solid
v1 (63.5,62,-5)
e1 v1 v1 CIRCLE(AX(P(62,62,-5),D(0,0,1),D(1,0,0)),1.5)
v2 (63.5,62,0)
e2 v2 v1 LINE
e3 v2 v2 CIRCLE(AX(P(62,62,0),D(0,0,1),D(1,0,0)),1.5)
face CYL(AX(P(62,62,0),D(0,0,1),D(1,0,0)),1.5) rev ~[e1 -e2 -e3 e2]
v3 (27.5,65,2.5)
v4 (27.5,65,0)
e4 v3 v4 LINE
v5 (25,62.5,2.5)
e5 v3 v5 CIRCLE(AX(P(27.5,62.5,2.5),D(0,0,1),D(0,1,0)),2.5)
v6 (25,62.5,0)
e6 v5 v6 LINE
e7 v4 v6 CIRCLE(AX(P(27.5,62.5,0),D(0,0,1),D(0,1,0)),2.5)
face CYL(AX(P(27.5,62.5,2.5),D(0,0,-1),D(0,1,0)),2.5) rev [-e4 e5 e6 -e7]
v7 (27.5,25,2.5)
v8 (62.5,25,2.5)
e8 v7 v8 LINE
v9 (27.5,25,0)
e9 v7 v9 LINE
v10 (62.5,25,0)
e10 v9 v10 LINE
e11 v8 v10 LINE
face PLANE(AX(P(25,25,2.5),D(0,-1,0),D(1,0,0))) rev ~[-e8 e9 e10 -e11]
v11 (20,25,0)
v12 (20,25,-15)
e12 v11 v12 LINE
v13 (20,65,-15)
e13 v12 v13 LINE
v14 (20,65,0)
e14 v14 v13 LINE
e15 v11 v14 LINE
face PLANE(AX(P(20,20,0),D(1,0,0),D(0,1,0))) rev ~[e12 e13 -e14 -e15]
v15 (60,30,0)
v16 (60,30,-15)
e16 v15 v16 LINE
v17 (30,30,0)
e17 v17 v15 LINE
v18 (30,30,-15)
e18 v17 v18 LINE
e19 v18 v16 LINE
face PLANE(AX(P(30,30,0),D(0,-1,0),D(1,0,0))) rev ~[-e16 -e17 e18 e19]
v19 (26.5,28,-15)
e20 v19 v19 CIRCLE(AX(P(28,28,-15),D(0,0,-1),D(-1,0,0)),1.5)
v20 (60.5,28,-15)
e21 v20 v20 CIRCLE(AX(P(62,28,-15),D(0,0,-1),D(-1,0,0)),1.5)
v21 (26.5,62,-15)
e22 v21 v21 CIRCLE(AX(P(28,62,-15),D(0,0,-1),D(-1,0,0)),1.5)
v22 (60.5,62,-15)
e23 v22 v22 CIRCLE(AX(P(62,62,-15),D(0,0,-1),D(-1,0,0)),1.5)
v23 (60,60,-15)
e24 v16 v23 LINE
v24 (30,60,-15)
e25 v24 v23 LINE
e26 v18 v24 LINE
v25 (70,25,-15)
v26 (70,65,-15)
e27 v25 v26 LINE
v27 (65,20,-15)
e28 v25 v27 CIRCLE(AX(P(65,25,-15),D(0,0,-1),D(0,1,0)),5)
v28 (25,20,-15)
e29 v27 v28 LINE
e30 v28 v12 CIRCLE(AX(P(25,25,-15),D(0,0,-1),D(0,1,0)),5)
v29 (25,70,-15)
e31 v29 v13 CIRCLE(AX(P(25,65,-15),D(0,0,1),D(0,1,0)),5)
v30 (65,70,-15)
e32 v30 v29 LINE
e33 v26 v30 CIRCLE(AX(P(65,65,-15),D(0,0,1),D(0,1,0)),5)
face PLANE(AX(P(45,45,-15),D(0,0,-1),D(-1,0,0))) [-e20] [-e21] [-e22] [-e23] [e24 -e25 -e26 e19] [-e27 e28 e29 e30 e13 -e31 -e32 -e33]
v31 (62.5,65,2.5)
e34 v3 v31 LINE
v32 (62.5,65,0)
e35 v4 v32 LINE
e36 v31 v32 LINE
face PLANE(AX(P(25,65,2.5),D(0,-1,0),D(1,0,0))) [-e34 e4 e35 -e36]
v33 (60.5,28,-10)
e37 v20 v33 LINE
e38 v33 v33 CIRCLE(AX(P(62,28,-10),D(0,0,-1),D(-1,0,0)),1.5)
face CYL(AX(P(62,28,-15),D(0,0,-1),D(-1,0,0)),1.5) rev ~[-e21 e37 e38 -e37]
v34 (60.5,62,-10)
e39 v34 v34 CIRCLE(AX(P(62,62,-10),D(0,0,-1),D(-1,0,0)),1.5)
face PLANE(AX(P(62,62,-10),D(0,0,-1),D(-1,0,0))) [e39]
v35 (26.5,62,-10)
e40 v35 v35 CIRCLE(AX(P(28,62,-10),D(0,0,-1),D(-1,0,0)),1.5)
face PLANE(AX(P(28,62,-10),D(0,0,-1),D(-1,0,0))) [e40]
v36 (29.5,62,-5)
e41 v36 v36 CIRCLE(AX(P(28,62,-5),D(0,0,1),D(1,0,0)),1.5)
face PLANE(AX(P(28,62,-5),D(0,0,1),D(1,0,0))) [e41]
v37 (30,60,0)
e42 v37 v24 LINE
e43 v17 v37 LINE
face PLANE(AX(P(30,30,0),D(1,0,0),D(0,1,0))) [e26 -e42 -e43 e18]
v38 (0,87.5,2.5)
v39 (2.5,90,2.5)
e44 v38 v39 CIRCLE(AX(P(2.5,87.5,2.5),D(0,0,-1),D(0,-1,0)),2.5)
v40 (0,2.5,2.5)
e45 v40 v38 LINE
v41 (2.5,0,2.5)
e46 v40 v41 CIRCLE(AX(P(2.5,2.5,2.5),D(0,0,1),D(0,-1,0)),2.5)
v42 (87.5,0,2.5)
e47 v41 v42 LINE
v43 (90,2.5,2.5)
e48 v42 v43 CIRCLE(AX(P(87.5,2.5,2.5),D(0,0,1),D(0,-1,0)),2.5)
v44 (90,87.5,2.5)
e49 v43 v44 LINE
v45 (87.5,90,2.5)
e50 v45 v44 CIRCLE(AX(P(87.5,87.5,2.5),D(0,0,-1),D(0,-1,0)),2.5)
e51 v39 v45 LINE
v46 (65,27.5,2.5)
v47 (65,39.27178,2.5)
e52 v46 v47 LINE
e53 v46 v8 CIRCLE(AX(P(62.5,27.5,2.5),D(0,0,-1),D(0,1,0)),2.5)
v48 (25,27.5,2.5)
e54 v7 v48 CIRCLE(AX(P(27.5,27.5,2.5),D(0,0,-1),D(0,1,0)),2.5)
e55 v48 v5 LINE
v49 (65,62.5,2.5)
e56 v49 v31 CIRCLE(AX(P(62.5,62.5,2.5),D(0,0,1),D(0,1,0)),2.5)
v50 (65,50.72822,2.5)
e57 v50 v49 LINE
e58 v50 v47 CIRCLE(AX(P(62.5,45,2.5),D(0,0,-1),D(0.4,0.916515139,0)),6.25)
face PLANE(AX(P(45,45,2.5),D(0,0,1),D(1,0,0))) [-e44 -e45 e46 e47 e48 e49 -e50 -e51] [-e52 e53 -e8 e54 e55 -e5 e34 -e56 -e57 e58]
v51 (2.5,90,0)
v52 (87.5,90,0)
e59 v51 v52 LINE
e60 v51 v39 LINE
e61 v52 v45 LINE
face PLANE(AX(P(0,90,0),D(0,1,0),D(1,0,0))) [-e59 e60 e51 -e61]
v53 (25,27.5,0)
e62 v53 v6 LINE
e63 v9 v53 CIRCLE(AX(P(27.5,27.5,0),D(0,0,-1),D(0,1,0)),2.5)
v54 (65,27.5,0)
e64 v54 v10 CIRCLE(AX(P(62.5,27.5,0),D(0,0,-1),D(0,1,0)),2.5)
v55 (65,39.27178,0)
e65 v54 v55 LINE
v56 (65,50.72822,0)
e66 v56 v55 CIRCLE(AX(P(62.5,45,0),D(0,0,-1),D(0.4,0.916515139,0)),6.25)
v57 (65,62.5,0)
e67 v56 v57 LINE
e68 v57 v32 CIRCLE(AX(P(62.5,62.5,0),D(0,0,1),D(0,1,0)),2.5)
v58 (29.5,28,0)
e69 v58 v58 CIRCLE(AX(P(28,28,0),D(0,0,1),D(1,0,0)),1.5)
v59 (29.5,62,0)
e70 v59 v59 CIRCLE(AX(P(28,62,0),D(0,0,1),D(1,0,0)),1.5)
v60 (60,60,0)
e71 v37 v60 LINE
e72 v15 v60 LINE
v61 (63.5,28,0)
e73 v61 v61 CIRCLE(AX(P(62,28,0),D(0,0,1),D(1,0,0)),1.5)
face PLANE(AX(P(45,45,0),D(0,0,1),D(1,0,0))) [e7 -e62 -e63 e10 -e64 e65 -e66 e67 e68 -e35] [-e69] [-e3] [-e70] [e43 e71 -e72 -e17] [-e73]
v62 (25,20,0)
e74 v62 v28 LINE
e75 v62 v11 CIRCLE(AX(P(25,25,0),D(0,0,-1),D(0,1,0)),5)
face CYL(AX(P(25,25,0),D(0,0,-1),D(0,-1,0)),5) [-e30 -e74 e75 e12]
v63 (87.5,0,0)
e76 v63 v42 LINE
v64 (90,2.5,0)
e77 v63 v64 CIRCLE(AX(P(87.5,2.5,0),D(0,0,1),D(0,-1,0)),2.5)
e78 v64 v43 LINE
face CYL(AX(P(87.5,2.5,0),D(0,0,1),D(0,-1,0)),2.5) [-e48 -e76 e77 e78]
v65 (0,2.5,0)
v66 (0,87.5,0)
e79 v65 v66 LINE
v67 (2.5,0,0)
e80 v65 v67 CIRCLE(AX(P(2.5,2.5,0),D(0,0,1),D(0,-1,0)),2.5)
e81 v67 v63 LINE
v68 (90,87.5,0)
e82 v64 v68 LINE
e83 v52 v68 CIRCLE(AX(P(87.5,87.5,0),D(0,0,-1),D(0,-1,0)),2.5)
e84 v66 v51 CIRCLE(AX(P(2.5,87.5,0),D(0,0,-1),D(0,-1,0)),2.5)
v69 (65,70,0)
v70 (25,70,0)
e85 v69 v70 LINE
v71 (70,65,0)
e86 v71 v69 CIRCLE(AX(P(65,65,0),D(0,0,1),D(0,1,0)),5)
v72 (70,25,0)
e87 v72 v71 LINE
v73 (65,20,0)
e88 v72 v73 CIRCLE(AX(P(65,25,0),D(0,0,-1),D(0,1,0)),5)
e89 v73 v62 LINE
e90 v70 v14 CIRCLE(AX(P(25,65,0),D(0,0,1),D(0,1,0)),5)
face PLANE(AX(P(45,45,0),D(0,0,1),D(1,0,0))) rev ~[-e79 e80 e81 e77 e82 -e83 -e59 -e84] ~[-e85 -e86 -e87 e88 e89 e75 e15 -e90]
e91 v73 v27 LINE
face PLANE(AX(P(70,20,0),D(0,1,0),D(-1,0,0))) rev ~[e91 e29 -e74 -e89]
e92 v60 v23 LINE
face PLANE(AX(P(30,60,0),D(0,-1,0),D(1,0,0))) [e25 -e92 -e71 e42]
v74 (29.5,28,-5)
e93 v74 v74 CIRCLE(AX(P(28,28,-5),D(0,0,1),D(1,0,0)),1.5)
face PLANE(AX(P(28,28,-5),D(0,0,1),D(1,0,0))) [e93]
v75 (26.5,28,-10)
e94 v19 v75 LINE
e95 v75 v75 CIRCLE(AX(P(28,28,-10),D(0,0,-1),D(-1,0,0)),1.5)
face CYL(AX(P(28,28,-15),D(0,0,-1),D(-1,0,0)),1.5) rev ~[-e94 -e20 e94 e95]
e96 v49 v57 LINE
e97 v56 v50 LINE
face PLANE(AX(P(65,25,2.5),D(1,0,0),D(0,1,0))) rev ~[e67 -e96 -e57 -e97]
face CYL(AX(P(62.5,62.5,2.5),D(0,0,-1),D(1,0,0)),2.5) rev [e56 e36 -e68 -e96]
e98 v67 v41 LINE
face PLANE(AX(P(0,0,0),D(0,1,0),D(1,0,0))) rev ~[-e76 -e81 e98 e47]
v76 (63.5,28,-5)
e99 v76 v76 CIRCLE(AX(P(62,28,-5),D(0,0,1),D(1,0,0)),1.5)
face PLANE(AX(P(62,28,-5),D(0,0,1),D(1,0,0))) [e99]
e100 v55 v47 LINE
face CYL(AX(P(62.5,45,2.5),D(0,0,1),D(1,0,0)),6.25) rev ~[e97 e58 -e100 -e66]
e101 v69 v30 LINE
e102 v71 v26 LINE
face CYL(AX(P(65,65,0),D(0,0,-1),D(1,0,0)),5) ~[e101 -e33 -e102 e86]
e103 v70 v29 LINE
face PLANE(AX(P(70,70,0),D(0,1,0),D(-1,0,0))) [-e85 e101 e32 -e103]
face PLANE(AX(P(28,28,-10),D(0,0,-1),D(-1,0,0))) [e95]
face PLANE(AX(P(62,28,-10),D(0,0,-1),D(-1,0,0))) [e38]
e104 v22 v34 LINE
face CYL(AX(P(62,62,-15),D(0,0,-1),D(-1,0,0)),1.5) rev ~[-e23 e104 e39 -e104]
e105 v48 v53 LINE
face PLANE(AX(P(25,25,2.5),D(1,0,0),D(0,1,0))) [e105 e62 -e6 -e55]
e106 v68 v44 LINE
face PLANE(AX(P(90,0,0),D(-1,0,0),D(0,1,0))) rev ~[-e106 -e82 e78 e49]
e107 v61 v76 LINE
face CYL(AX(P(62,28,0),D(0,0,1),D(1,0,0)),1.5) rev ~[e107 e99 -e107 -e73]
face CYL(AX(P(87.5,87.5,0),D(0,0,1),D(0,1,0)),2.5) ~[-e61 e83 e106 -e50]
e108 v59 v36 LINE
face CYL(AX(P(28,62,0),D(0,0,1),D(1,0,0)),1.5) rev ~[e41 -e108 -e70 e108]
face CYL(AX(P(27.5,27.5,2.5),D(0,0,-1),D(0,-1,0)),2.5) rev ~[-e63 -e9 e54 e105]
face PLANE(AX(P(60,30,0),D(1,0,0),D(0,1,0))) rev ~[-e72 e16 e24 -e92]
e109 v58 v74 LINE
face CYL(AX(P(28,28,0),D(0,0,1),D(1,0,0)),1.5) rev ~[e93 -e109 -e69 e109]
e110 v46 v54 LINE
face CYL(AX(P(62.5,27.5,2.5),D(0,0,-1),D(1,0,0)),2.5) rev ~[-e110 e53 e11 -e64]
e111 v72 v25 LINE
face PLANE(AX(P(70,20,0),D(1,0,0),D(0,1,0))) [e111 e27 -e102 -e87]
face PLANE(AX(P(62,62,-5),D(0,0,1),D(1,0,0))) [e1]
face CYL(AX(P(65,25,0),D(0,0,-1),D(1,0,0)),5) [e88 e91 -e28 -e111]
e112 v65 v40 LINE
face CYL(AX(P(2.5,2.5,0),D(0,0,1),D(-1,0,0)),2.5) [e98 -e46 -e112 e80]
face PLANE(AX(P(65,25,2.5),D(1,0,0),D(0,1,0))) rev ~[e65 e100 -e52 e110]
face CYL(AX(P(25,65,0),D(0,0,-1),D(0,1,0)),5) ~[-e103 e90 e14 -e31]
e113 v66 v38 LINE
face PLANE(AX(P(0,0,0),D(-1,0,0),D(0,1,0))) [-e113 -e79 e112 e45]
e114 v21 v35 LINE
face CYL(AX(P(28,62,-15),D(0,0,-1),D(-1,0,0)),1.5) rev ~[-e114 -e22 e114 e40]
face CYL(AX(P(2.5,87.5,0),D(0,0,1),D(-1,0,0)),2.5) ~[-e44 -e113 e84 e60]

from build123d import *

# Parameters (mm, degrees)
SKETCH1_W           = 90
SKETCH1_H           = 90
BOSS_EXTRUDE1_DEPTH = 2.5
SKETCH3_W           = 50
SKETCH3_H           = 50
BOSS_EXTRUDE4_DEPTH = 15
SKETCH2_W           = 40
SKETCH2_H           = 40
CUT_EXTRUDE4_DEPTH  = 2.5
SKETCH8_R           = 1.5
CUT_EXTRUDE6_DEPTH  = 5
FILLET1_R           = 2.5
FILLET2_R           = 2.5
FILLET3_R           = 2.5
SKETCH10_R          = 6.25
CUT_EXTRUDE12_DEPTH = 2.5
SKETCH11_W          = 30
SKETCH11_H          = 30
CUT_EXTRUDE13_DEPTH = 15
SKETCH12_R          = 1.5
CUT_EXTRUDE14_DEPTH = 5
FILLET4_R           = 5
FILLET5_R           = 5


with BuildPart() as part:
    # Sketch1 → Boss-Extrude1 (new body)
    with BuildSketch(Plane.XY):
        with Locations((45, 45)):
            Rectangle(SKETCH1_W, SKETCH1_H)
    extrude(amount=BOSS_EXTRUDE1_DEPTH)

    # Sketch3 → Boss-Extrude4 (add)
    with BuildSketch(Plane(origin=(0, 0, 0), x_dir=(-1, 0, 0), z_dir=(0, 0, -1))):
        with Locations((-45, 45)):
            Rectangle(SKETCH3_W, SKETCH3_H)
    extrude(amount=BOSS_EXTRUDE4_DEPTH)

    # Sketch2 → Cut-Extrude4 (cut)
    with BuildSketch(Plane.XY.offset(2.5)):
        with Locations((45, 45)):
            Rectangle(SKETCH2_W, SKETCH2_H)
    extrude(amount=-CUT_EXTRUDE4_DEPTH, mode=Mode.SUBTRACT)

    # Sketch8 → Cut-Extrude6 (cut)
    with BuildSketch(Plane.XY):
        with Locations((62, 62)):
            Circle(SKETCH8_R)
        with Locations((62, 28)):
            Circle(SKETCH8_R)
        with Locations((28, 62)):
            Circle(SKETCH8_R)
        with Locations((28, 28)):
            Circle(SKETCH8_R)
    extrude(amount=-CUT_EXTRUDE6_DEPTH, mode=Mode.SUBTRACT)

    # Fillet1
    fillet1_edges = [part.edges().sort_by_distance(p)[0] for p in [
        (0, 90, 1.25),
        (90, 90, 1.25),
        (90, 0, 1.25),
        (0, 0, 1.25),
    ]]
    fillet(fillet1_edges, radius=FILLET1_R)

    # Fillet2
    fillet2_edges = [part.edges().sort_by_distance(p)[0] for p in [
        (25, 65, 1.25),
        (65, 65, 1.25),
    ]]
    fillet(fillet2_edges, radius=FILLET2_R)

    # Fillet3
    fillet3_edges = [part.edges().sort_by_distance(p)[0] for p in [
        (25, 25, 1.25),
        (65, 25, 1.25),
    ]]
    fillet(fillet3_edges, radius=FILLET3_R)

    # Sketch10 → Cut-Extrude12 (cut)
    with BuildSketch(Plane.XY.offset(2.5)):
        with Locations((62.5, 45)):
            Circle(SKETCH10_R)
    extrude(amount=-CUT_EXTRUDE12_DEPTH, mode=Mode.SUBTRACT)

    # Sketch11 → Cut-Extrude13 (cut)
    with BuildSketch(Plane.XY):
        with Locations((45, 45)):
            Rectangle(SKETCH11_W, SKETCH11_H)
    extrude(amount=-CUT_EXTRUDE13_DEPTH, mode=Mode.SUBTRACT)

    # Sketch12 → Cut-Extrude14 (cut)
    with BuildSketch(Plane(origin=(0, 0, -15), x_dir=(-1, 0, 0), z_dir=(0, 0, -1))):
        with Locations((-28, 28)):
            Circle(SKETCH12_R)
        with Locations((-28, 62)):
            Circle(SKETCH12_R)
        with Locations((-62, 62)):
            Circle(SKETCH12_R)
        with Locations((-62, 28)):
            Circle(SKETCH12_R)
    extrude(amount=-CUT_EXTRUDE14_DEPTH, mode=Mode.SUBTRACT)

    # Fillet4
    fillet4_edges = [part.edges().sort_by_distance(p)[0] for p in [
        (70, 70, -7.5),
        (70, 20, -7.5),
    ]]
    fillet(fillet4_edges, radius=FILLET4_R)

    # Fillet5
    fillet5_edges = [part.edges().sort_by_distance(p)[0] for p in [
        (20, 20, -7.5),
        (20, 70, -7.5),
    ]]
    fillet(fillet5_edges, radius=FILLET5_R)


solid = part.part
